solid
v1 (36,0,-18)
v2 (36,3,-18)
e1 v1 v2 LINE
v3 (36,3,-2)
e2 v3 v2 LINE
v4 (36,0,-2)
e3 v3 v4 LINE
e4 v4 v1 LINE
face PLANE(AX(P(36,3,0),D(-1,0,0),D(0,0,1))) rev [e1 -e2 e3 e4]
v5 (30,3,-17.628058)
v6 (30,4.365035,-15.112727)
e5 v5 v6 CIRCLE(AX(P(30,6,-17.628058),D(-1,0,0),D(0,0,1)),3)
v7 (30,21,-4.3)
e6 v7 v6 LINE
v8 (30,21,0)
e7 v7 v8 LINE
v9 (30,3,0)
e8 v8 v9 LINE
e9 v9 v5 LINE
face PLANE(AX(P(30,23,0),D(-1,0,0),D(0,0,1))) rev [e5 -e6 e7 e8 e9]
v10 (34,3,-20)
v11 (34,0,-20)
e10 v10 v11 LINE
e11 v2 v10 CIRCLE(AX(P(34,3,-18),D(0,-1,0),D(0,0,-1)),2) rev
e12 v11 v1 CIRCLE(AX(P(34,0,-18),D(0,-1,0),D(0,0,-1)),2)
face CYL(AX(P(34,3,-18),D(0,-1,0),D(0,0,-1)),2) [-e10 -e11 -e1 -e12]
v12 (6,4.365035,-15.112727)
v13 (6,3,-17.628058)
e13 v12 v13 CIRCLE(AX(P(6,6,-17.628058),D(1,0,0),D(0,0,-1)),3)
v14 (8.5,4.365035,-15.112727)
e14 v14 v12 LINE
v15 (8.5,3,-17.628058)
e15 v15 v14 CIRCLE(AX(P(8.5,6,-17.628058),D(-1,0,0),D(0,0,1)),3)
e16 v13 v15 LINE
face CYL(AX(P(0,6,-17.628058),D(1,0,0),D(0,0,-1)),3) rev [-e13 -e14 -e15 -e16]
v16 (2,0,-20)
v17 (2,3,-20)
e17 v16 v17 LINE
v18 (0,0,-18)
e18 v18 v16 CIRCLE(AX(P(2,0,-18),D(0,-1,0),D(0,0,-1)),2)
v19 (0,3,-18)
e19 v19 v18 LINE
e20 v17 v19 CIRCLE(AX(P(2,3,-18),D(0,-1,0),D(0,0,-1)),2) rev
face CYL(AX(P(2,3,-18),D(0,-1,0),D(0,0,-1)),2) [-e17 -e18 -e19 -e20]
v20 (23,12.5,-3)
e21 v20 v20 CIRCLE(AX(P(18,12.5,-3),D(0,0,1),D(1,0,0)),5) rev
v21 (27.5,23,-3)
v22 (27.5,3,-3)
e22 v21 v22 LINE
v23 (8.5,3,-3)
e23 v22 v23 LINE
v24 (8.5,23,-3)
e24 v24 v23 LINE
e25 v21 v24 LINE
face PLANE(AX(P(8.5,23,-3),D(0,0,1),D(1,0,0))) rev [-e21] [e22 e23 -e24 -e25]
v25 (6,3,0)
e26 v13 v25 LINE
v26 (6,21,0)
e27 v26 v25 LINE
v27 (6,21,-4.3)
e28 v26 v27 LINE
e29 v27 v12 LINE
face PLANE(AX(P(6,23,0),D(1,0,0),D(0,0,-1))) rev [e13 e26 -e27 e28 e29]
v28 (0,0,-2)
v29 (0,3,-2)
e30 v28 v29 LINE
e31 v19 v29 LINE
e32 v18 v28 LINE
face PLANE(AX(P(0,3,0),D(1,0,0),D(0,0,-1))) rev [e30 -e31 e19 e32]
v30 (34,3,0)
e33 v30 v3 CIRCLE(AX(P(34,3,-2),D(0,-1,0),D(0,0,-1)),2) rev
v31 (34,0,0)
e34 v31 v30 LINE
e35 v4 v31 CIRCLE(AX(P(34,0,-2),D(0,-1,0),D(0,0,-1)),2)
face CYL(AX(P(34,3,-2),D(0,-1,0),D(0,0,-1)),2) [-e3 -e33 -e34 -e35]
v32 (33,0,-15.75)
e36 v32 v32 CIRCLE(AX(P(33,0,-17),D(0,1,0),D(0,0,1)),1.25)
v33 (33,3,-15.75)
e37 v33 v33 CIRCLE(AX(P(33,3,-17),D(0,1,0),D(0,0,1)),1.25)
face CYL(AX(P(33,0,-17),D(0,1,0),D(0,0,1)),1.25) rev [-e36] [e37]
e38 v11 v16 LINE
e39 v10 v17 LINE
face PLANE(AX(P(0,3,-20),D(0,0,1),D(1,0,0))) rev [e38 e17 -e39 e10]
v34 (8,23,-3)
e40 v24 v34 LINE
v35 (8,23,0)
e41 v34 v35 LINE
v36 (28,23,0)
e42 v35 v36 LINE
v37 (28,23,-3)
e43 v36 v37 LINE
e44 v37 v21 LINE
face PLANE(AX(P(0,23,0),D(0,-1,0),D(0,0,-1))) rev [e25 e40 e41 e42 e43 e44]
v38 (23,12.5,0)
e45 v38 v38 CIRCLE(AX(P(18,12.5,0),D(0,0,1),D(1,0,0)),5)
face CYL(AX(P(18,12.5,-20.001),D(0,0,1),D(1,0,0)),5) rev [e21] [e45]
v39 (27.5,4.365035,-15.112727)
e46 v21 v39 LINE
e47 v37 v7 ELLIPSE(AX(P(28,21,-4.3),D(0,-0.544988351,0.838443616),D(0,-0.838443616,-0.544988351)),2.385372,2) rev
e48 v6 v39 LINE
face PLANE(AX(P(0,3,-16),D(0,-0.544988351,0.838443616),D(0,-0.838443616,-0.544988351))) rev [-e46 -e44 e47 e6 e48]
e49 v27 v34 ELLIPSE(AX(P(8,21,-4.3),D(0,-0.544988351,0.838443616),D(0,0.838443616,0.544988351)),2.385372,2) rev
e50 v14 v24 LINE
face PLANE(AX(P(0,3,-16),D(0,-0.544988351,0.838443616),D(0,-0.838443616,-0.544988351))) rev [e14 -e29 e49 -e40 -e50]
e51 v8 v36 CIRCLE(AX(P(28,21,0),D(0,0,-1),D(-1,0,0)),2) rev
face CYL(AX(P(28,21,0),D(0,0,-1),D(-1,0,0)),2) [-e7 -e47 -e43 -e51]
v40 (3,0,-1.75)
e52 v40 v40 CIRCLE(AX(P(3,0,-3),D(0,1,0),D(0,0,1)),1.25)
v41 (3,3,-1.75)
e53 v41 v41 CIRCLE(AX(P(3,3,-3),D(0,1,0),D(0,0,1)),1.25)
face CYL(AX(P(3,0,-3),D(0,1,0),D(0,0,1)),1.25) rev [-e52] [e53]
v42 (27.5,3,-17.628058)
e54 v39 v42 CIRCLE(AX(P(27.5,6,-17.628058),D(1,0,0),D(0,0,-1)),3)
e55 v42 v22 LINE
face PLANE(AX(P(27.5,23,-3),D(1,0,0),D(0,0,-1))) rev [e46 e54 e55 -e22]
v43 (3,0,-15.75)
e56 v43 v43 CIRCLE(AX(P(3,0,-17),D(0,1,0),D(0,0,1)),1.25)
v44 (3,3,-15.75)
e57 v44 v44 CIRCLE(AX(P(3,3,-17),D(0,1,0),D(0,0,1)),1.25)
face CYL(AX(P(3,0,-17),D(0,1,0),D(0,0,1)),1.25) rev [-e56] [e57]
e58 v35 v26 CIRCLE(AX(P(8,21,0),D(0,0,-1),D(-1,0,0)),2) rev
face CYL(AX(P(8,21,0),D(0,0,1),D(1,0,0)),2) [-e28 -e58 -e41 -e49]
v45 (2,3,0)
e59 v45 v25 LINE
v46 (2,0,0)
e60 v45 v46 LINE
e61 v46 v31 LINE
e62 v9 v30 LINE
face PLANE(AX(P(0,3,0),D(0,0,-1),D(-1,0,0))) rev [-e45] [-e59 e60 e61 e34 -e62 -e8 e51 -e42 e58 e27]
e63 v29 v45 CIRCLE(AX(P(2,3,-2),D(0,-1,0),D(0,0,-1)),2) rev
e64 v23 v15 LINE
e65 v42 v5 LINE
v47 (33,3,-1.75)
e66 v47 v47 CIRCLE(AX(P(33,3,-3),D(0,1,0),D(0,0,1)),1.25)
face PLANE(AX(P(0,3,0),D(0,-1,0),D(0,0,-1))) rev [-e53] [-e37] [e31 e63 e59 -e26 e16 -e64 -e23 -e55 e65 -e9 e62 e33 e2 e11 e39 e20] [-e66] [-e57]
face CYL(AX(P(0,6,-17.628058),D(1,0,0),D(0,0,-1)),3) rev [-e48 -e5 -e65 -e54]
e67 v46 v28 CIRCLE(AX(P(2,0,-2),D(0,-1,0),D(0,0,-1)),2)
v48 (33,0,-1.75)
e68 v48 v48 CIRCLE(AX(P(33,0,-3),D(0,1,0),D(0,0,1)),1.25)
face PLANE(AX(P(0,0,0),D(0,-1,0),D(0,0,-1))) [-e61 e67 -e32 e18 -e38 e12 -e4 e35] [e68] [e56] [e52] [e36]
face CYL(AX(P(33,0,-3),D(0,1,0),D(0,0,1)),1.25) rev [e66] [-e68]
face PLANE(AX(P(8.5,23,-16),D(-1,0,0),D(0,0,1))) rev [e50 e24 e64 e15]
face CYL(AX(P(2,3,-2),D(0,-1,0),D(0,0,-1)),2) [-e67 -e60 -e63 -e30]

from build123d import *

# Parameters (mm, degrees)
SKETCH_1_W          = 36
SKETCH_1_H          = 20
EXTRUDE_1_DEPTH     = 3
SKETCH_6_R          = 1.25
CUT_EXTRUDE_3_DEPTH = 42.291645644
EXTRUDE_2_DEPTH     = 20
CUT_EXTRUDE_1_REACH = 49.17
SKETCH_3_R          = 5
CUT_EXTRUDE_2_DEPTH = 43.766809561
FILLET_1_R          = 2
FILLET_3_R          = 3
FILLET_4_R          = 2


with BuildPart() as part:
    # 草图1 → 凸台-拉伸1 (new body)
    with BuildSketch(Plane(origin=(0, 0, 0), x_dir=(1, 0, 0), z_dir=(0, 1, 0))):
        with Locations((18, 10)):
            Rectangle(SKETCH_1_W, SKETCH_1_H)
    extrude(amount=EXTRUDE_1_DEPTH)

    # 草图6 → 切除-拉伸3 (cut, through all)
    with BuildSketch(Plane(origin=(0, 3, 0), x_dir=(1, 0, 0), z_dir=(0, 1, 0))):
        with Locations(Location((3, 3, 0), (0, 0, 270))):
            Circle(SKETCH_6_R)
        with Locations(Location((3, 17, 0), (0, 0, 270))):
            Circle(SKETCH_6_R)
        with Locations(Location((33, 17, 0), (0, 0, 270))):
            Circle(SKETCH_6_R)
        with Locations(Location((33, 3, 0), (0, 0, 270))):
            Circle(SKETCH_6_R)
    extrude(amount=-CUT_EXTRUDE_3_DEPTH, mode=Mode.SUBTRACT)

    # 草图2 → 凸台-拉伸2 (add)
    with BuildSketch(Plane(origin=(0, 3, 0), x_dir=(1, 0, 0), z_dir=(0, 1, 0))):
        Polygon((6, 0), (30, 0), (30, 16), (27.5, 16), (27.5, 3), (8.5, 3), (8.5, 16), (6, 16), align=None)
    extrude(amount=EXTRUDE_2_DEPTH)

    # 草图3 → 切除-拉伸1 (cut, up to next)
    with BuildSketch(Plane.XY, mode=Mode.PRIVATE) as cut_extrude_1_sk1:
        with Locations((18, 12.5)):
            Circle(SKETCH_3_R)
    cut_extrude_1_tool1 = extrude(cut_extrude_1_sk1.sketch, amount=-CUT_EXTRUDE_1_REACH, mode=Mode.PRIVATE) & part.part
    add(cut_extrude_1_tool1.solids().sort_by_distance((18, 12.5, 0))[0], mode=Mode.SUBTRACT)

    # 草图4 → 切除-拉伸2 (cut, through all)
    with BuildSketch(Plane(origin=(30, 0, 0), x_dir=(0, 0, -1), z_dir=(1, 0, 0))):
        Polygon((3, 23), (16, 23), (16, 3), align=None)
    extrude(amount=-CUT_EXTRUDE_2_DEPTH, mode=Mode.SUBTRACT)

    # 圆角1
    fillet_1_edges = [part.edges().sort_by_distance(p)[0] for p in [
        (0, 1.5, -20),
        (36, 1.5, -20),
        (36, 1.5, 0),
        (0, 1.5, 0),
    ]]
    fillet(fillet_1_edges, radius=FILLET_1_R)

    # 圆角3
    fillet_3_edges = [part.edges().sort_by_distance(p)[0] for p in [
        (28.75, 3, -16),
        (7.25, 3, -16),
    ]]
    fillet(fillet_3_edges, radius=FILLET_3_R)

    # 圆角4
    fillet_4_edges = [part.edges().sort_by_distance(p)[0] for p in [
        (30, 23, -1.5),
        (6, 23, -1.5),
    ]]
    fillet(fillet_4_edges, radius=FILLET_4_R)


solid = part.part
